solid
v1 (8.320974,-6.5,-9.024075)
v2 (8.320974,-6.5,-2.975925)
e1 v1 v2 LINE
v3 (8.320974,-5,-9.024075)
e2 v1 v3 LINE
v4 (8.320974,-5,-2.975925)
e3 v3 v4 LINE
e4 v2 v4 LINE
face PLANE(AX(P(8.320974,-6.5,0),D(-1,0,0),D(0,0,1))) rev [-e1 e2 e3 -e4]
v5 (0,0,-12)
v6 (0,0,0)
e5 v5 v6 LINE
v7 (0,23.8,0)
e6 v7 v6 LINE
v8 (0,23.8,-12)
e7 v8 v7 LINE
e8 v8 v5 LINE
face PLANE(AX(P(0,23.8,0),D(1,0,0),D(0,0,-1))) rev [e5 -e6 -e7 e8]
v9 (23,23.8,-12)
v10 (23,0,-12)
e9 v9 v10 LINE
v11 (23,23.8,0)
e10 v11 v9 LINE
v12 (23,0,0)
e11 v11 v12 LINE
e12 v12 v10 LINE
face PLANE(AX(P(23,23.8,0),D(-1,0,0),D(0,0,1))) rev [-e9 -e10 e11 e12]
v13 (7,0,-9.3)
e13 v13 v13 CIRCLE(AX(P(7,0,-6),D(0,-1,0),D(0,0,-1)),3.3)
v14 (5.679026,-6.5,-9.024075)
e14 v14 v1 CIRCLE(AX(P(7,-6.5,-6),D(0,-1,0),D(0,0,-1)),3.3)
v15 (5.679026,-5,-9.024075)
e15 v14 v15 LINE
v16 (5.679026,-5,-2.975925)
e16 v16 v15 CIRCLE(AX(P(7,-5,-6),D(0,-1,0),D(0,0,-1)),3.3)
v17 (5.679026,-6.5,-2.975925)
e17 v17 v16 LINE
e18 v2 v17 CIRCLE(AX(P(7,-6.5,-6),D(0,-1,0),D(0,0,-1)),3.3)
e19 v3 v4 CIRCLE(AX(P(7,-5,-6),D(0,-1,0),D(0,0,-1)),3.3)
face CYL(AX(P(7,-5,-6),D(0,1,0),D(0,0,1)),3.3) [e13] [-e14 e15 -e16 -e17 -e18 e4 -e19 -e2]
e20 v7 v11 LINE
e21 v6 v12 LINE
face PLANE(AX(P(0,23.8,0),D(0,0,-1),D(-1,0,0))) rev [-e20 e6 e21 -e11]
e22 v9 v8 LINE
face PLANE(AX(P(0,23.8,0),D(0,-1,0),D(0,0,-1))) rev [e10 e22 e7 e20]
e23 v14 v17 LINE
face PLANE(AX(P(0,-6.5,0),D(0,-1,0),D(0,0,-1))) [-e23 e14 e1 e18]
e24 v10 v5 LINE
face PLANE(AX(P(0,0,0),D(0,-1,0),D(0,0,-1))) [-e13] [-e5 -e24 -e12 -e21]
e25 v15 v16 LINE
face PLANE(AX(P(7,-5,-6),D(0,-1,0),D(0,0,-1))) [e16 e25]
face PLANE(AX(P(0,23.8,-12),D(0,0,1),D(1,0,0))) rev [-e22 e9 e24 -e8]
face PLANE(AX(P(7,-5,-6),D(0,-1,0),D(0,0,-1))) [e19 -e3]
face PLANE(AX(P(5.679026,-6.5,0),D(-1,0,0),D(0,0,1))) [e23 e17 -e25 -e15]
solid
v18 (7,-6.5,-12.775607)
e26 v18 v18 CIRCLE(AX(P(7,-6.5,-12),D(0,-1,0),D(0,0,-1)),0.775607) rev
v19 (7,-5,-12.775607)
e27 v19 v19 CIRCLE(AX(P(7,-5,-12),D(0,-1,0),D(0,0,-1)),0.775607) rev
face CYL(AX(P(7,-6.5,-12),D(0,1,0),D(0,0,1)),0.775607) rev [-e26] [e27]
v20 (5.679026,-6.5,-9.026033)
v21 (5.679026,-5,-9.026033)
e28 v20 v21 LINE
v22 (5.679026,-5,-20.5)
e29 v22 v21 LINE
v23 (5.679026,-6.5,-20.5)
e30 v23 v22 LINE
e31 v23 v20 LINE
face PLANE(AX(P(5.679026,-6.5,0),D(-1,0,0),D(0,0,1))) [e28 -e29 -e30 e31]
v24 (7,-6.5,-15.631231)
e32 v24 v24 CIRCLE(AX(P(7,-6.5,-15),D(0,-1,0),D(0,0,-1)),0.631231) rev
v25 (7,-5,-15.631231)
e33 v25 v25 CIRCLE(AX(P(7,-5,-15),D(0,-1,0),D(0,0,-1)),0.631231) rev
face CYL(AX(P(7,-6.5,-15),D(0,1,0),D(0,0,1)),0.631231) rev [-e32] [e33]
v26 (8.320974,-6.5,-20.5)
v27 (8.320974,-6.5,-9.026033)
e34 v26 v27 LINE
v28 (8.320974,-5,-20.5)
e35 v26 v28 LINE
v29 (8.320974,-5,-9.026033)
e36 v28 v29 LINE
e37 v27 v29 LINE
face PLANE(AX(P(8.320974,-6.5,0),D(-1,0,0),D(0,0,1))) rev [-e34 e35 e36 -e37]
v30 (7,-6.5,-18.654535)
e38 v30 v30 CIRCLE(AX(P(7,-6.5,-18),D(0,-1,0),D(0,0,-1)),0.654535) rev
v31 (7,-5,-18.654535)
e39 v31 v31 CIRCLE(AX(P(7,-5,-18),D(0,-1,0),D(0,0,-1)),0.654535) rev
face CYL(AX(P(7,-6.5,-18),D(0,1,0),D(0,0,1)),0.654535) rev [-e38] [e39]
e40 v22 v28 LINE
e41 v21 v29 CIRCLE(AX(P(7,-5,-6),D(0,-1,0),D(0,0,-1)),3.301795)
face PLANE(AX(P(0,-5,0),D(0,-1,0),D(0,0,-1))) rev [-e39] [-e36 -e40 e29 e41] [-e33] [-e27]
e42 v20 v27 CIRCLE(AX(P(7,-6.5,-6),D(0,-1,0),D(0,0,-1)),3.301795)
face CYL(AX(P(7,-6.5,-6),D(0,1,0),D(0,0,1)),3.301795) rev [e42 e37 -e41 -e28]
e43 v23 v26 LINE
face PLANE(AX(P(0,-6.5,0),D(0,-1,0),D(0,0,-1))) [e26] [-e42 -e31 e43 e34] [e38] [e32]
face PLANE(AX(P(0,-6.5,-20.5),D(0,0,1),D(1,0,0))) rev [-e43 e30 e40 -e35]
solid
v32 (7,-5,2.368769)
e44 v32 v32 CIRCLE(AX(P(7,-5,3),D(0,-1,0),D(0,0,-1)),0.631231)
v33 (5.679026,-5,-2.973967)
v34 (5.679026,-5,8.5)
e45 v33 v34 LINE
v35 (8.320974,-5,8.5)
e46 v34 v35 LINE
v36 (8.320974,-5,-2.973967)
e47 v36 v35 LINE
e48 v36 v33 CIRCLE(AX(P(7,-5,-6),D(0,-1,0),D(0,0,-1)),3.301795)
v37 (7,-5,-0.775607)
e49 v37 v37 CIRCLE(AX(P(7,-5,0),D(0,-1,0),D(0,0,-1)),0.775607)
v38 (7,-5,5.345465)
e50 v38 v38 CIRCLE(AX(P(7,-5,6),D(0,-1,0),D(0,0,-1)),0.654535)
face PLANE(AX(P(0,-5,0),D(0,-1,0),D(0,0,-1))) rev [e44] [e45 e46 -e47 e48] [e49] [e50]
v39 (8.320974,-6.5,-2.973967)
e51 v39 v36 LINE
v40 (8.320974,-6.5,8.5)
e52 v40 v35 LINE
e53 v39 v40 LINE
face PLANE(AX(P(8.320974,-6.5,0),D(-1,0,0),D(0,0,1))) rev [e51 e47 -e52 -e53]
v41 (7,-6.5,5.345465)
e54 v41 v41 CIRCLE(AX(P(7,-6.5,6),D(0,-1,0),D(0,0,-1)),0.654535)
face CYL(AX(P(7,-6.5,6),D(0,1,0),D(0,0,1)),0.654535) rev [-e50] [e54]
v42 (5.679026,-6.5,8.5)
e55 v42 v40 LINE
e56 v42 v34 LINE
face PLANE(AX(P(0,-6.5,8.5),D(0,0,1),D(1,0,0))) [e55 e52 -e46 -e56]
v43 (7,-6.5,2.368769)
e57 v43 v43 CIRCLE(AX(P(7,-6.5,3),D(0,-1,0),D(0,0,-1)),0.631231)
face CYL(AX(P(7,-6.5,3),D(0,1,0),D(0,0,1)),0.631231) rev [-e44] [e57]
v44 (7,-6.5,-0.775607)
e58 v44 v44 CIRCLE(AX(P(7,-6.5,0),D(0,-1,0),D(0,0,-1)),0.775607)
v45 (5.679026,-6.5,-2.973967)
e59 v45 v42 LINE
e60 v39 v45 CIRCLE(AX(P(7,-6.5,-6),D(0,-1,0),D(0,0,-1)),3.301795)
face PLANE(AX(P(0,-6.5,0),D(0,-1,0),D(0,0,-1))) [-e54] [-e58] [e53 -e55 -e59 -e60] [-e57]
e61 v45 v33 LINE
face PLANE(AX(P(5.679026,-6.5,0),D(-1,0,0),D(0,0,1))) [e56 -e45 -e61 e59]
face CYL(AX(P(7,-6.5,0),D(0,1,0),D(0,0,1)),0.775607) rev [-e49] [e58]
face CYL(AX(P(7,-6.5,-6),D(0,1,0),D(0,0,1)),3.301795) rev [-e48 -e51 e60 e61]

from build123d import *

# Parameters (mm, degrees)
SKETCH1_W           = 23
SKETCH1_H           = 12
BOSS_EXTRUDE1_DEPTH = 23.8
SKETCH2_R           = 3.3
BOSS_EXTRUDE2_DEPTH = 5
SKETCH3_R           = 0.7756072
SKETCH3_R_2         = 0.6312306
SKETCH3_R_3         = 0.654535051
BOSS_EXTRUDE3_DEPTH = 1.5


with BuildPart() as part:
    # Sketch1 → Boss-Extrude1 (new body)
    with BuildSketch(Plane(origin=(0, 0, 0), x_dir=(1, 0, 0), z_dir=(0, 1, 0))):
        with Locations((11.5, 6)):
            Rectangle(SKETCH1_W, SKETCH1_H)
    extrude(amount=BOSS_EXTRUDE1_DEPTH)

    # Sketch2 → Boss-Extrude2 (add)
    with BuildSketch(Plane.XZ):
        with Locations(Location((7, -6, 0), (0, 0, 270))):
            Circle(SKETCH2_R)
    extrude(amount=BOSS_EXTRUDE2_DEPTH)

    # Sketch3 → Boss-Extrude3 (add)
    # profile 1 of 6: a face of its own
    with BuildSketch(Plane.XZ.offset(5)):
        with BuildLine():
            Line((5.679025589, 8.5), (5.679025589, -2.973967359))
            ThreePointArc((5.679025589, -2.973967359), (7, -2.698205497), (8.320974411, -2.973967359))
            Line((8.320974411, -2.973967359), (8.320974411, 8.5))
            Line((8.320974411, 8.5), (5.679025589, 8.5))
        make_face()
        with Locations(Location((7, 0, 0), (0, 0, 270))):
            Circle(SKETCH3_R, mode=Mode.SUBTRACT)
        with Locations(Location((7, 3, 0), (0, 0, 270))):
            Circle(SKETCH3_R_2, mode=Mode.SUBTRACT)
        with Locations(Location((7, 6, 0), (0, 0, 270))):
            Circle(SKETCH3_R_3, mode=Mode.SUBTRACT)
    # profile 2 of 6: a face of its own
    with BuildSketch(Plane.XZ.offset(5)):
        with BuildLine():
            Line((5.679025589, -2.975925496), (5.679025589, -6))
            Line((5.679025589, -6), (8.320974411, -6))
            Line((8.320974411, -6), (8.320974411, -2.975925496))
            ThreePointArc((8.320974411, -2.975925496), (7, -2.7), (5.679025589, -2.975925496))
        make_face()
    # profile 3 of 6: a face of its own
    with BuildSketch(Plane.XZ.offset(5)):
        with BuildLine():
            Line((8.320974411, -6), (5.679025589, -6))
            Line((5.679025589, -6), (5.679025589, -9.024074504))
            ThreePointArc((5.679025589, -9.024074504), (7, -9.3), (8.320974411, -9.024074504))
            Line((8.320974411, -9.024074504), (8.320974411, -6))
        make_face()
    # profile 4 of 6: a face of its own
    with BuildSketch(Plane.XZ.offset(5)):
        with BuildLine():
            Line((5.679025589, -2.975925496), (5.679025589, -6))
            Line((5.679025589, -6), (8.320974411, -6))
            Line((8.320974411, -6), (8.320974411, -2.975925496))
            ThreePointArc((8.320974411, -2.975925496), (7, -2.7), (5.679025589, -2.975925496))
        make_face()
    # profile 5 of 6: a face of its own
    with BuildSketch(Plane.XZ.offset(5)):
        with BuildLine():
            Line((8.320974411, -6), (5.679025589, -6))
            Line((5.679025589, -6), (5.679025589, -9.024074504))
            ThreePointArc((5.679025589, -9.024074504), (7, -9.3), (8.320974411, -9.024074504))
            Line((8.320974411, -9.024074504), (8.320974411, -6))
        make_face()
    # profile 6 of 6: a face of its own
    with BuildSketch(Plane.XZ.offset(5)):
        with BuildLine():
            ThreePointArc((8.320974411, -9.026032641), (7, -9.301794503), (5.679025589, -9.026032641))
            Line((5.679025589, -9.026032641), (5.679025589, -20.5))
            Line((5.679025589, -20.5), (8.320974411, -20.5))
            Line((8.320974411, -20.5), (8.320974411, -9.026032641))
        make_face()
        with Locations(Location((7, -18, 0), (0, 0, 270))):
            Circle(SKETCH3_R_3, mode=Mode.SUBTRACT)
        with Locations(Location((7, -15, 0), (0, 0, 270))):
            Circle(SKETCH3_R_2, mode=Mode.SUBTRACT)
        with Locations(Location((7, -12, 0), (0, 0, 270))):
            Circle(SKETCH3_R, mode=Mode.SUBTRACT)
    extrude(amount=BOSS_EXTRUDE3_DEPTH)


with BuildPart() as boss_extrude3_piece_1:
    # of the separate pieces the step leaves, piece 1, a body of its own (boss_extrude3_pieces)
    add(part.part.solids().sort_by_distance((0, 0, 0))[0])


with BuildPart() as boss_extrude3_piece_2:
    # of the separate pieces the step leaves, piece 2, a body of its own (boss_extrude3_pieces)
    add(part.part.solids().sort_by_distance((5.679025589, -5, -2.973967359))[0])


with BuildPart() as boss_extrude3_piece_3:
    # of the separate pieces the step leaves, piece 3, a body of its own (boss_extrude3_pieces)
    add(part.part.solids().sort_by_distance((8.320974411, -5, -9.026032641))[0])


solid = Compound([boss_extrude3_piece_1.part, boss_extrude3_piece_2.part, boss_extrude3_piece_3.part])
